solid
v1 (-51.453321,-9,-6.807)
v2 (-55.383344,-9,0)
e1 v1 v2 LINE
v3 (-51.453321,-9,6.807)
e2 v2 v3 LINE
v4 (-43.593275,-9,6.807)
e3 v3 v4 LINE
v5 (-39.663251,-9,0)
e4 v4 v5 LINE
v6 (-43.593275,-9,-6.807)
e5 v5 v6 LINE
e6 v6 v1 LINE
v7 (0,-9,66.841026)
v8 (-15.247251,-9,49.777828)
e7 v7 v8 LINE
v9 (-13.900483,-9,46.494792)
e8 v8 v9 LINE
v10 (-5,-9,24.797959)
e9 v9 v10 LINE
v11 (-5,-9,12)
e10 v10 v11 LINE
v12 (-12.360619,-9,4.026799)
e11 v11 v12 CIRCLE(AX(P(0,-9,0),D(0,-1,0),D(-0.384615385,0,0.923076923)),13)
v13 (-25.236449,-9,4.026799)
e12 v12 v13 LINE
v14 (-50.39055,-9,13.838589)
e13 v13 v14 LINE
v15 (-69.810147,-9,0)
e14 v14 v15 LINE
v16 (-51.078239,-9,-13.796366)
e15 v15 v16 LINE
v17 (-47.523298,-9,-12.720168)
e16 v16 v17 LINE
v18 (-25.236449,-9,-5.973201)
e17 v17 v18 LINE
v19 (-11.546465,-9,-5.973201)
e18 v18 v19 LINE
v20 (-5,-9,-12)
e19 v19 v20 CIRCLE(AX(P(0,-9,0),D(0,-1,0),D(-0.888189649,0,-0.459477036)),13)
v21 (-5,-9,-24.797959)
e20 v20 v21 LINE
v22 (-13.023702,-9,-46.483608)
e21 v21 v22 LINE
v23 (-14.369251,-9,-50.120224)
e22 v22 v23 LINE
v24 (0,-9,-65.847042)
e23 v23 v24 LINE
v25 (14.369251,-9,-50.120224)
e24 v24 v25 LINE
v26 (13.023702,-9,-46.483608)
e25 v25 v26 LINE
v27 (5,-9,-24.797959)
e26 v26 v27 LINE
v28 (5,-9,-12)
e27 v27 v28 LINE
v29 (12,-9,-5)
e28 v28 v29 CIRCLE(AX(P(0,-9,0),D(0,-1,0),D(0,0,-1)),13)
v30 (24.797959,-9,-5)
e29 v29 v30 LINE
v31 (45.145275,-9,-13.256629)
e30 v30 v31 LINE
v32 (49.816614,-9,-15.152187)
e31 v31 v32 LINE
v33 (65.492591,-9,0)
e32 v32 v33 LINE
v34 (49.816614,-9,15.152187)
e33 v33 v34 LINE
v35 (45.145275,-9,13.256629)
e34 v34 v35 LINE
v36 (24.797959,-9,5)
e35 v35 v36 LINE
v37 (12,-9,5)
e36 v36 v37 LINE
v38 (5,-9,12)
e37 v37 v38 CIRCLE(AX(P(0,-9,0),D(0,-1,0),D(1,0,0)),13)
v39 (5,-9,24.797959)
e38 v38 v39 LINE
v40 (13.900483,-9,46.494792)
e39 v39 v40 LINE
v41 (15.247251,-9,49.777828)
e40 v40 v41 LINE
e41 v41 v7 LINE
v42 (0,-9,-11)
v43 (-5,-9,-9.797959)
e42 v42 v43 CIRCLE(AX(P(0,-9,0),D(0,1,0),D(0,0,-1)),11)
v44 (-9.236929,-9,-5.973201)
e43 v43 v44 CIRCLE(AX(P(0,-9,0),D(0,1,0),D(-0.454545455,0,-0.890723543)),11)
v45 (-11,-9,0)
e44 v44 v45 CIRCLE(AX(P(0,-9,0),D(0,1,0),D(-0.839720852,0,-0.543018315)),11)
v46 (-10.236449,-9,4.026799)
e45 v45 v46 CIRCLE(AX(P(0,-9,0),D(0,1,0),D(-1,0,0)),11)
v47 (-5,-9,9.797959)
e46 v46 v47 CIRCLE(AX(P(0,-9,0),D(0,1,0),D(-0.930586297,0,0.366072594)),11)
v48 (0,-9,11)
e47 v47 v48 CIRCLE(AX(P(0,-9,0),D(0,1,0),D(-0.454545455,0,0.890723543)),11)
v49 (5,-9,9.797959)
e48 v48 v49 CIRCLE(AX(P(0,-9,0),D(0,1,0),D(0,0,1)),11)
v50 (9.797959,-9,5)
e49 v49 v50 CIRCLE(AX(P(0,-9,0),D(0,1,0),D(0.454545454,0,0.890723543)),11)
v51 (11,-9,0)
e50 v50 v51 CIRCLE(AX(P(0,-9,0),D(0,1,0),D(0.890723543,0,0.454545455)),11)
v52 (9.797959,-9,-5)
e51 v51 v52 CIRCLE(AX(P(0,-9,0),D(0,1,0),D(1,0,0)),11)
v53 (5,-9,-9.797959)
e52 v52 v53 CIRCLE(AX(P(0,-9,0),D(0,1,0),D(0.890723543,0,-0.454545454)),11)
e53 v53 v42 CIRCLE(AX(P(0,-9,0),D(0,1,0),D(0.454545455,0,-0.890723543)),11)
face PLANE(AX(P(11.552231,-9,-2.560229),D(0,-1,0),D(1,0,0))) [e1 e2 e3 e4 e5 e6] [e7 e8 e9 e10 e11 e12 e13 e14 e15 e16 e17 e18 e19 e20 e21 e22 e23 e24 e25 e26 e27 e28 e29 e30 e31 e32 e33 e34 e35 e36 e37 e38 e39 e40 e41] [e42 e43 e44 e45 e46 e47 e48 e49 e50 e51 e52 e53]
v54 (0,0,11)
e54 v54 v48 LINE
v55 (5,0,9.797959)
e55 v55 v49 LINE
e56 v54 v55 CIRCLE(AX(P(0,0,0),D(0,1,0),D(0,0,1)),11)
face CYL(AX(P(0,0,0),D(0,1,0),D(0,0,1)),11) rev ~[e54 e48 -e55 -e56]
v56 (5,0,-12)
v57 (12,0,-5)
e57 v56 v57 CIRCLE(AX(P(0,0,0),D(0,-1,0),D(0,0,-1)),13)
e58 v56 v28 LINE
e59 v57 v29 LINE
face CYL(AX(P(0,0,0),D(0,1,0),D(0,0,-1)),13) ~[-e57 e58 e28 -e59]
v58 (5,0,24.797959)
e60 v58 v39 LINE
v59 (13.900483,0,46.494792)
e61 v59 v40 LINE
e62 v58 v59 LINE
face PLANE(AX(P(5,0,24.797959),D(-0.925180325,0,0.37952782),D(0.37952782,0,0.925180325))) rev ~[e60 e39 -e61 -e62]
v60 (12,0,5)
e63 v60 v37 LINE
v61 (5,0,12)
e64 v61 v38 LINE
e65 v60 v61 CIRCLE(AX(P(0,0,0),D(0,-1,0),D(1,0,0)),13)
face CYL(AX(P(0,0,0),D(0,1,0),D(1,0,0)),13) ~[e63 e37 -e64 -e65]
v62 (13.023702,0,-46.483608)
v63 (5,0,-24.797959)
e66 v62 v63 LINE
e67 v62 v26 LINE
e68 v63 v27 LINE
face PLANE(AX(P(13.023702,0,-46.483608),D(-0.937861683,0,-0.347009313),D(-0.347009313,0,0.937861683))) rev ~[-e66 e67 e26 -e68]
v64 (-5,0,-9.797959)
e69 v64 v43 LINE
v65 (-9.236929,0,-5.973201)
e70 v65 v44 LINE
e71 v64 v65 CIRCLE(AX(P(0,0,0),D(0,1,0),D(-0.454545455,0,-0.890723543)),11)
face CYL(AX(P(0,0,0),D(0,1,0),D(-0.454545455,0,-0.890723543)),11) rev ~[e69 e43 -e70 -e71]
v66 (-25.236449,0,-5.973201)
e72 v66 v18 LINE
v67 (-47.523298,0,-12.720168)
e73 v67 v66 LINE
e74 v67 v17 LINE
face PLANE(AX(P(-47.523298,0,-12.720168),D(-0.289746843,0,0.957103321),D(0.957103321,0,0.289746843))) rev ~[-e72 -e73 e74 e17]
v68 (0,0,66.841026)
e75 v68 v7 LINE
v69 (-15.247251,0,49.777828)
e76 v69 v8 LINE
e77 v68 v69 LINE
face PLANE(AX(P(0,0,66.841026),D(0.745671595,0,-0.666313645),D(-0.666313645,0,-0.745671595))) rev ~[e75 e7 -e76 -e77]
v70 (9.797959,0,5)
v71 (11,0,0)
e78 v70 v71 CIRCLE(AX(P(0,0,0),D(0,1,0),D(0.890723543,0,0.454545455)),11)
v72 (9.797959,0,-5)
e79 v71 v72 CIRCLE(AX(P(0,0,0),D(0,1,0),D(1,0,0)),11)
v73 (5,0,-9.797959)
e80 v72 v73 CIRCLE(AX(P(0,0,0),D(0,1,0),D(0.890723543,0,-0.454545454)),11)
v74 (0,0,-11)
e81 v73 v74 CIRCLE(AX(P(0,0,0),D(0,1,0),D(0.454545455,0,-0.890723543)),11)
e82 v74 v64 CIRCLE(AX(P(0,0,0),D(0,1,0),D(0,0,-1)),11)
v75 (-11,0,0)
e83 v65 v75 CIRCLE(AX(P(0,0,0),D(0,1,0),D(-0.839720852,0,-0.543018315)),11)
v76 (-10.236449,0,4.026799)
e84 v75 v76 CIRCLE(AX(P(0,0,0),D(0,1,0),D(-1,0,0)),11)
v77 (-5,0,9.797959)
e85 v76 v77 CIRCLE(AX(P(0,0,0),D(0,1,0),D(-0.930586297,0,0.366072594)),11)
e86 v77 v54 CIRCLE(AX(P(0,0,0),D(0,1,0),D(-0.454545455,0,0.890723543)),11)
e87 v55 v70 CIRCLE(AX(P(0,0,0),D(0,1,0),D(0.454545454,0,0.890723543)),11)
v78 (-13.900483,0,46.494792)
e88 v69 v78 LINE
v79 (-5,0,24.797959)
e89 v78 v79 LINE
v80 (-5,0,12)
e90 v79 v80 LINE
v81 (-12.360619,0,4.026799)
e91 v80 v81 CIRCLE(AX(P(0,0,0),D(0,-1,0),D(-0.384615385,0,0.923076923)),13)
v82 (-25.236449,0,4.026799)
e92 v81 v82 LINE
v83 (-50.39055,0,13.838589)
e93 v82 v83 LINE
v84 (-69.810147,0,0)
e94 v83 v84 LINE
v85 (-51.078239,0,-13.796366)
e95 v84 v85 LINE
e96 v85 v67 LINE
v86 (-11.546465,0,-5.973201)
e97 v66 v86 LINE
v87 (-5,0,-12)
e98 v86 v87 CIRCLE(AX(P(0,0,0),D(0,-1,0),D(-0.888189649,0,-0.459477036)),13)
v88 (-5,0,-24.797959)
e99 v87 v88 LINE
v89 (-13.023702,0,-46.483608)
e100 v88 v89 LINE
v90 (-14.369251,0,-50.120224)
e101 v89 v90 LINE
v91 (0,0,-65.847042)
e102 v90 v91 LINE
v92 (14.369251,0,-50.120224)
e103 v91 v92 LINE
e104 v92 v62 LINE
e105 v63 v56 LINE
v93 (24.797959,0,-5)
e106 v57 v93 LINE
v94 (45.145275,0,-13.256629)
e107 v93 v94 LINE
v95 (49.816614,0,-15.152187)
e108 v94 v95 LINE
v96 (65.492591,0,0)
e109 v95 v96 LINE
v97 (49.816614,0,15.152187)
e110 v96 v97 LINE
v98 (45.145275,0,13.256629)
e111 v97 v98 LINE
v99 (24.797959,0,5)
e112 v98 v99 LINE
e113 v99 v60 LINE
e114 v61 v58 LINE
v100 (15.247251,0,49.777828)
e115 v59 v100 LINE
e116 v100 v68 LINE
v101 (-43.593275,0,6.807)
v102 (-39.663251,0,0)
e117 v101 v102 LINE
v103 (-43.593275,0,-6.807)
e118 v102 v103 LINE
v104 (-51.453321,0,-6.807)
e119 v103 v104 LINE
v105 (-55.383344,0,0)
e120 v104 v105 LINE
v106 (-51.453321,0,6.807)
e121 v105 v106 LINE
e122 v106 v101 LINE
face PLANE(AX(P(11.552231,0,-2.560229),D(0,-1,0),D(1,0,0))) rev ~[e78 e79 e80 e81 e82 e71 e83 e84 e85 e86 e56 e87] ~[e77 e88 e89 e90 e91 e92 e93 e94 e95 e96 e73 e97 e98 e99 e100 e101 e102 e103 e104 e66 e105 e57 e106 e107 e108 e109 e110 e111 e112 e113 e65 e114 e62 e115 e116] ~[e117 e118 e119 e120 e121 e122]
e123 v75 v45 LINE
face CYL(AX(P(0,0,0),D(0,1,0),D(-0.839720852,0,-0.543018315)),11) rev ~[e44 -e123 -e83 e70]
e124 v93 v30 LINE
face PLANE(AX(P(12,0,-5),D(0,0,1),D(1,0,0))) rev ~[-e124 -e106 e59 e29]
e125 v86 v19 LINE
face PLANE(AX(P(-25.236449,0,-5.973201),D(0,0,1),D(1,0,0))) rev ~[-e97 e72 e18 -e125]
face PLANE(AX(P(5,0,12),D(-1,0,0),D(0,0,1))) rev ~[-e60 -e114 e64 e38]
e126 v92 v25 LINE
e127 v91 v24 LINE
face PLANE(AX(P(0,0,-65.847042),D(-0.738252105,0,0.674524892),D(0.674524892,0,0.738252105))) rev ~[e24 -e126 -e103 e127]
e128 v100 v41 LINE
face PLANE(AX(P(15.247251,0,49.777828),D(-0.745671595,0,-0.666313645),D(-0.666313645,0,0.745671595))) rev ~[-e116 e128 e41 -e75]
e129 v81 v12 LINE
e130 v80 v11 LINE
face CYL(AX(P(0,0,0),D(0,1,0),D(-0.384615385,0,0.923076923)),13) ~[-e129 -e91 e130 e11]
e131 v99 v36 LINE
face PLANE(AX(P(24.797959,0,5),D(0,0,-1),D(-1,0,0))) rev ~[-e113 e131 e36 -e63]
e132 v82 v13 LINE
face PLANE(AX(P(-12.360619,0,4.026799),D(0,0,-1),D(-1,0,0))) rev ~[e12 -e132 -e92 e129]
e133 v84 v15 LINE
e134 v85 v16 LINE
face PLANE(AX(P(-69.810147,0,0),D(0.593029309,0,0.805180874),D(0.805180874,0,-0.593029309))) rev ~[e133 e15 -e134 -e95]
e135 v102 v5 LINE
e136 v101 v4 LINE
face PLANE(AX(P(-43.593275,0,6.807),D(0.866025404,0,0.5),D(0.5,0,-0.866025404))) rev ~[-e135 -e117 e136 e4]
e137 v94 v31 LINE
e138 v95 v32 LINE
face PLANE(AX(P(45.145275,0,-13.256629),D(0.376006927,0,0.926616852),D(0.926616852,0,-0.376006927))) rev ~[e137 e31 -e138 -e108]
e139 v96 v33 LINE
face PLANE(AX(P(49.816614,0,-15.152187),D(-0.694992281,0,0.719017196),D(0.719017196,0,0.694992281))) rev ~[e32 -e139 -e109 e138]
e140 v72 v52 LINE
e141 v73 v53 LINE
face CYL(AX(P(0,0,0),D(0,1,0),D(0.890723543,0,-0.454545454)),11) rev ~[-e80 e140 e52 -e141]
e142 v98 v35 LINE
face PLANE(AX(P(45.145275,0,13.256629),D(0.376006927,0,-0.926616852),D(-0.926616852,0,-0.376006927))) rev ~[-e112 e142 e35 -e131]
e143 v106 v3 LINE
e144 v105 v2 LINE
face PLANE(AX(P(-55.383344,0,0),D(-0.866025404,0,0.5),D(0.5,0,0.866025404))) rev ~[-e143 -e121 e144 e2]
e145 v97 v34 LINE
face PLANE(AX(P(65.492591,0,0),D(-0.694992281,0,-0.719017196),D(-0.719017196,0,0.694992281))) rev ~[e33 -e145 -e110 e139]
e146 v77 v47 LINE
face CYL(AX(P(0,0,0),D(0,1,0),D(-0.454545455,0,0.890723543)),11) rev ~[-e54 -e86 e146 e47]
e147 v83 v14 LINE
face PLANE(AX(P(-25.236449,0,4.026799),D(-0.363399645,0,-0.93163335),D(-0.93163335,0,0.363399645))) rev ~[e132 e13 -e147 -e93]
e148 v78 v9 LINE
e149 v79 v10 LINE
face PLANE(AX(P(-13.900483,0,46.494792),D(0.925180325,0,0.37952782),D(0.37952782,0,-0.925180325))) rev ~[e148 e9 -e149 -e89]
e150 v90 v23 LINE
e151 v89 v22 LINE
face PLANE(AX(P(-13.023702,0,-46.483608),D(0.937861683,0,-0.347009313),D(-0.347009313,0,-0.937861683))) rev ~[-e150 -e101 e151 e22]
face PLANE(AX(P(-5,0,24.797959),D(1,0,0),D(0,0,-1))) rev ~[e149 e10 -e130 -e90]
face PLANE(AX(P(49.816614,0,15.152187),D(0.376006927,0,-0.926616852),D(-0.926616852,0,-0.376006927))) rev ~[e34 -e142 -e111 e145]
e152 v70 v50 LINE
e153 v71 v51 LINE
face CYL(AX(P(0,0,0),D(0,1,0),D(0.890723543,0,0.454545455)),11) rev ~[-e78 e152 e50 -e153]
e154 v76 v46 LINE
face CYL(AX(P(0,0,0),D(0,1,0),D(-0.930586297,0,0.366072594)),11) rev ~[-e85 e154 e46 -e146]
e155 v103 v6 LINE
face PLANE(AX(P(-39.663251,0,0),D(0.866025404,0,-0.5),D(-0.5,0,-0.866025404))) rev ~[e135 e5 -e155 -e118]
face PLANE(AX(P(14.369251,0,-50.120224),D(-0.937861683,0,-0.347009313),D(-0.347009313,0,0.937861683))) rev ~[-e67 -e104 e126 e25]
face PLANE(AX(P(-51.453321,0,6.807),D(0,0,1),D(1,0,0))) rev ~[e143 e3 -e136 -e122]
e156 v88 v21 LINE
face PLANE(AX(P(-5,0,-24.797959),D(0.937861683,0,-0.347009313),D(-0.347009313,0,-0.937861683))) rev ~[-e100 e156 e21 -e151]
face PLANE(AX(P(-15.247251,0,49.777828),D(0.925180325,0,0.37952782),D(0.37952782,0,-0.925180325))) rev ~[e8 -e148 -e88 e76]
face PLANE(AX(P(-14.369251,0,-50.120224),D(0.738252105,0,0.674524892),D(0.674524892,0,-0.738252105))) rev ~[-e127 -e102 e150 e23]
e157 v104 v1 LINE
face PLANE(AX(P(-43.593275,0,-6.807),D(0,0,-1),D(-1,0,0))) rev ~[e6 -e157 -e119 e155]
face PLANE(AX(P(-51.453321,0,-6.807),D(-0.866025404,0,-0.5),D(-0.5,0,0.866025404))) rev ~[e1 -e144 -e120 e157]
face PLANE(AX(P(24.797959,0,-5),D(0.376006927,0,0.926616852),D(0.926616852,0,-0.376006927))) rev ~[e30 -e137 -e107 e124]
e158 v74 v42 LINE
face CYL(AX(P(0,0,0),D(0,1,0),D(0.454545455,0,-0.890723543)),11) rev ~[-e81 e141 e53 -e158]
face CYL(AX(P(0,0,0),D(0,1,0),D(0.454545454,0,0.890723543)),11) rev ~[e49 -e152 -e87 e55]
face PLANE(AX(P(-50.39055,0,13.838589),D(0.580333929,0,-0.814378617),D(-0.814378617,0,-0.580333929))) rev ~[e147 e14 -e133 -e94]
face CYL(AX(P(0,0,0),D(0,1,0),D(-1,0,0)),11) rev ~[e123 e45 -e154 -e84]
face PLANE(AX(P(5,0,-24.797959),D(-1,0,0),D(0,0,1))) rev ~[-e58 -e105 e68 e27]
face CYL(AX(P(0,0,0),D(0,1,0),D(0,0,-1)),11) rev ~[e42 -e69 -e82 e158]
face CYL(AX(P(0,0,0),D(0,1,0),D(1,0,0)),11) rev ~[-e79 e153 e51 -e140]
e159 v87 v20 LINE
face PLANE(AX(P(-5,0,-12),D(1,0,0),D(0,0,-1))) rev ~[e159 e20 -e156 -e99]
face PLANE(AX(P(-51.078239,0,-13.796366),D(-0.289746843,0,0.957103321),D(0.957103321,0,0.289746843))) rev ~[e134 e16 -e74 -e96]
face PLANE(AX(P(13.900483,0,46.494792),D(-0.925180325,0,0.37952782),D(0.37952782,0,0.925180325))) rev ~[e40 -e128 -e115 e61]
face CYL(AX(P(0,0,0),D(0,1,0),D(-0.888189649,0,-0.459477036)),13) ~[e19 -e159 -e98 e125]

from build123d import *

# Parameters (mm, degrees)
F1_DEPTH = 9


with BuildPart() as f1:
    # F0 (on Front) → F1 (new body)
    with BuildSketch(Plane.XZ):
        with BuildLine():
            Line((13, 0), (11, 0))
            ThreePointArc((11, 0), (10.695268783, -2.5712303784), (9.7979589711, -5))
            Line((9.7979589711, -5), (12, -5))
            ThreePointArc((12, -5), (12.747548784, -2.5495097568), (13, 0))
        make_face()
        with BuildLine():
            ThreePointArc((9.7979589711, 5), (10.695268783, 2.5712303784), (11, 0))
            Line((11, 0), (13, 0))
            ThreePointArc((13, 0), (12.747548784, 2.5495097568), (12, 5))
            Line((12, 5), (9.7979589711, 5))
        make_face()
        with BuildLine():
            ThreePointArc((5, 9.7979589711), (7.7781745931, 7.7781745931), (9.7979589711, 5))
            Line((9.7979589711, 5), (12, 5))
            ThreePointArc((12, 5), (9.1923881554, 9.1923881554), (5, 12))
            Line((5, 12), (5, 9.7979589711))
        make_face()
        with BuildLine():
            Line((12, -5), (9.7979589711, -5))
            ThreePointArc((9.7979589711, -5), (7.7781745931, -7.7781745931), (5, -9.7979589711))
            Line((5, -9.7979589711), (5, -12))
            ThreePointArc((5, -12), (9.1923881554, -9.1923881554), (12, -5))
        make_face()
        with BuildLine():
            Line((24.7979589711, 0), (13, 0))
            ThreePointArc((13, 0), (12.747548784, -2.5495097568), (12, -5))
            Line((12, -5), (24.7979589711, -5))
            Line((24.7979589711, -5), (24.7979589711, 0))
        make_face()
        with BuildLine():
            ThreePointArc((12, 5), (12.747548784, 2.5495097568), (13, 0))
            Line((13, 0), (24.7979589711, 0))
            Line((24.7979589711, 0), (24.7979589711, 5))
            Line((24.7979589711, 5), (12, 5))
        make_face()
        with BuildLine():
            ThreePointArc((0, 11), (2.5712303784, 10.695268783), (5, 9.7979589711))
            Line((5, 9.7979589711), (5, 12))
            ThreePointArc((5, 12), (2.5495097568, 12.747548784), (0, 13))
            Line((0, 13), (0, 11))
        make_face()
        with BuildLine():
            Line((5, -12), (5, -9.7979589711))
            ThreePointArc((5, -9.7979589711), (2.5712303784, -10.695268783), (0, -11))
            Line((0, -11), (0, -13))
            ThreePointArc((0, -13), (2.5495097568, -12.747548784), (5, -12))
        make_face()
        with BuildLine():
            Line((0, -13), (0, -11))
            ThreePointArc((0, -11), (-2.5712303784, -10.695268783), (-5, -9.7979589711))
            Line((-5, -9.7979589711), (-5, -12))
            ThreePointArc((-5, -12), (-2.5495097568, -12.747548784), (0, -13))
        make_face()
        with BuildLine():
            Line((-13, 0), (-11, 0))
            ThreePointArc((-11, 0), (-10.807426658, 2.0492752456), (-10.2364492669, 4.0267985307))
            Line((-10.2364492669, 4.0267985307), (-12.3606186574, 4.0267985307))
            ThreePointArc((-12.3606186574, 4.0267985307), (-12.8391596794, 2.0386217715), (-13, 0))
        make_face()
        with BuildLine():
            ThreePointArc((-9.2369293711, -5.9732014693), (-10.550028983, -3.1139827326), (-11, 0))
            Line((-11, 0), (-13, 0))
            ThreePointArc((-13, 0), (-12.6313904767, -3.073755785), (-11.5464654422, -5.9732014693))
            Line((-11.5464654422, -5.9732014693), (-9.2369293711, -5.9732014693))
        make_face()
        with BuildLine():
            ThreePointArc((-5, 9.7979589711), (-2.5712303784, 10.695268783), (0, 11))
            Line((0, 11), (0, 13))
            ThreePointArc((0, 13), (-2.5495097568, 12.747548784), (-5, 12))
            Line((-5, 12), (-5, 9.7979589711))
        make_face()
        Polygon((45.145274992, 0), (24.7979589711, 0), (24.7979589711, -5), (45.145274992, -13.2566292219), align=None)
        Polygon((24.7979589711, 5), (24.7979589711, 0), (45.145274992, 0), (45.145274992, 13.2566292219), align=None)
        with BuildLine():
            ThreePointArc((0, 13), (2.5495097568, 12.747548784), (5, 12))
            Line((5, 12), (5, 24.7979589711))
            Line((5, 24.7979589711), (0, 24.7979589711))
            Line((0, 24.7979589711), (0, 13))
        make_face()
        with BuildLine():
            Line((5, -24.7979589711), (5, -12))
            ThreePointArc((5, -12), (2.5495097568, -12.747548784), (0, -13))
            Line((0, -13), (0, -24.7979589711))
            Line((0, -24.7979589711), (5, -24.7979589711))
        make_face()
        with BuildLine():
            Line((-5, -12), (-5, -9.7979589711))
            ThreePointArc((-5, -9.7979589711), (-7.3708705026, -8.1651863441), (-9.2369293711, -5.9732014693))
            Line((-9.2369293711, -5.9732014693), (-11.5464654422, -5.9732014693))
            ThreePointArc((-11.5464654422, -5.9732014693), (-8.8049392269, -9.5641541816), (-5, -12))
        make_face()
        with BuildLine():
            Line((0, -24.7979589711), (0, -13))
            ThreePointArc((0, -13), (-2.5495097568, -12.747548784), (-5, -12))
            Line((-5, -12), (-5, -24.7979589711))
            Line((-5, -24.7979589711), (0, -24.7979589711))
        make_face()
        with BuildLine():
            Line((-12.3606186574, 4.0267985307), (-10.2364492669, 4.0267985307))
            ThreePointArc((-10.2364492669, 4.0267985307), (-8.1464053283, 7.3916223001), (-5, 9.7979589711))
            Line((-5, 9.7979589711), (-5, 12))
            ThreePointArc((-5, 12), (-9.5520026936, 8.8181202385), (-12.3606186574, 4.0267985307))
        make_face()
        with BuildLine():
            Line((-25.2364492669, 0), (-13, 0))
            ThreePointArc((-13, 0), (-12.8391596794, 2.0386217715), (-12.3606186574, 4.0267985307))
            Line((-12.3606186574, 4.0267985307), (-25.2364492669, 4.0267985307))
            Line((-25.2364492669, 4.0267985307), (-25.2364492669, 0))
        make_face()
        with BuildLine():
            ThreePointArc((-11.5464654422, -5.9732014693), (-12.6313904767, -3.073755785), (-13, 0))
            Line((-13, 0), (-25.2364492669, 0))
            Line((-25.2364492669, 0), (-25.2364492669, -0.9732014693))
            Line((-25.2364492669, -0.9732014693), (-25.2364492669, -5.9732014693))
            Line((-25.2364492669, -5.9732014693), (-11.5464654422, -5.9732014693))
        make_face()
        with BuildLine():
            ThreePointArc((-5, 12), (-2.5495097568, 12.747548784), (0, 13))
            Line((0, 13), (0, 24.7979589711))
            Line((0, 24.7979589711), (-5, 24.7979589711))
            Line((-5, 24.7979589711), (-5, 12))
        make_face()
        Polygon((45.145274992, 13.2566292219), (45.145274992, 0), (65.492591013, 0), (49.8166139769, 15.1521870403), align=None)
        Polygon((65.492591013, 0), (45.145274992, 0), (45.145274992, -13.2566292219), (49.8166139769, -15.1521870403), align=None)
        Polygon((0, 24.7979589711), (5, 24.7979589711), (13.9004829156, 46.4947918511), (0, 46.4947918511), align=None)
        Polygon((13.0237015361, -46.4836081518), (5, -24.7979589711), (0, -24.7979589711), (0, -46.4836081518), align=None)
        Polygon((0, -46.4836081518), (0, -24.7979589711), (-5, -24.7979589711), (-13.0237015361, -46.4836081518), (-1.1742307931, -46.4836081518), align=None)
        Polygon((-39.6632513358, 0), (-25.2364492669, 0), (-25.2364492669, 4.0267985307), (-47.5232979005, 12.7201679595), (-47.5232979005, 6.807), (-43.5932746181, 6.807), align=None)
        Polygon((-25.2364492669, -0.9732014693), (-25.2364492669, 0), (-39.6632513358, 0), (-43.5932746181, -6.807), (-47.5232979005, -6.807), (-47.5232979005, -12.7201679595), (-25.2364492669, -5.9732014693), align=None)
        Polygon((-5, 24.7979589711), (0, 24.7979589711), (0, 46.4947918511), (-13.9004829156, 46.4947918511), align=None)
        Polygon((0, 46.4947918511), (13.9004829156, 46.4947918511), (15.2472511326, 49.7778277503), (0, 66.8410263726), align=None)
        Polygon((14.3692514548, -50.1202244144), (13.0237015361, -46.4836081518), (0, -46.4836081518), (0, -65.8470422888), align=None)
        Polygon((0, -65.8470422888), (0, -46.4836081518), (-1.1742307931, -46.4836081518), (-13.0237015361, -46.4836081518), (-14.3692514548, -50.1202244144), align=None)
        Polygon((-13.9004829156, 46.4947918511), (0, 46.4947918511), (0, 66.8410263726), (-15.2472511326, 49.7778277503), align=None)
        Polygon((-47.5232979005, 6.807), (-47.5232979005, 12.7201679595), (-50.3905497057, 13.8385889439), (-69.8101465342, 0), (-55.3833444653, 0), (-51.4533211829, 6.807), align=None)
        Polygon((-51.0782389318, -13.7963662326), (-47.5232979005, -12.7201679595), (-47.5232979005, -6.807), (-51.4533211829, -6.807), (-55.3833444653, 0), (-69.8101465342, 0), align=None)
    extrude(amount=F1_DEPTH)


solid = f1.part
